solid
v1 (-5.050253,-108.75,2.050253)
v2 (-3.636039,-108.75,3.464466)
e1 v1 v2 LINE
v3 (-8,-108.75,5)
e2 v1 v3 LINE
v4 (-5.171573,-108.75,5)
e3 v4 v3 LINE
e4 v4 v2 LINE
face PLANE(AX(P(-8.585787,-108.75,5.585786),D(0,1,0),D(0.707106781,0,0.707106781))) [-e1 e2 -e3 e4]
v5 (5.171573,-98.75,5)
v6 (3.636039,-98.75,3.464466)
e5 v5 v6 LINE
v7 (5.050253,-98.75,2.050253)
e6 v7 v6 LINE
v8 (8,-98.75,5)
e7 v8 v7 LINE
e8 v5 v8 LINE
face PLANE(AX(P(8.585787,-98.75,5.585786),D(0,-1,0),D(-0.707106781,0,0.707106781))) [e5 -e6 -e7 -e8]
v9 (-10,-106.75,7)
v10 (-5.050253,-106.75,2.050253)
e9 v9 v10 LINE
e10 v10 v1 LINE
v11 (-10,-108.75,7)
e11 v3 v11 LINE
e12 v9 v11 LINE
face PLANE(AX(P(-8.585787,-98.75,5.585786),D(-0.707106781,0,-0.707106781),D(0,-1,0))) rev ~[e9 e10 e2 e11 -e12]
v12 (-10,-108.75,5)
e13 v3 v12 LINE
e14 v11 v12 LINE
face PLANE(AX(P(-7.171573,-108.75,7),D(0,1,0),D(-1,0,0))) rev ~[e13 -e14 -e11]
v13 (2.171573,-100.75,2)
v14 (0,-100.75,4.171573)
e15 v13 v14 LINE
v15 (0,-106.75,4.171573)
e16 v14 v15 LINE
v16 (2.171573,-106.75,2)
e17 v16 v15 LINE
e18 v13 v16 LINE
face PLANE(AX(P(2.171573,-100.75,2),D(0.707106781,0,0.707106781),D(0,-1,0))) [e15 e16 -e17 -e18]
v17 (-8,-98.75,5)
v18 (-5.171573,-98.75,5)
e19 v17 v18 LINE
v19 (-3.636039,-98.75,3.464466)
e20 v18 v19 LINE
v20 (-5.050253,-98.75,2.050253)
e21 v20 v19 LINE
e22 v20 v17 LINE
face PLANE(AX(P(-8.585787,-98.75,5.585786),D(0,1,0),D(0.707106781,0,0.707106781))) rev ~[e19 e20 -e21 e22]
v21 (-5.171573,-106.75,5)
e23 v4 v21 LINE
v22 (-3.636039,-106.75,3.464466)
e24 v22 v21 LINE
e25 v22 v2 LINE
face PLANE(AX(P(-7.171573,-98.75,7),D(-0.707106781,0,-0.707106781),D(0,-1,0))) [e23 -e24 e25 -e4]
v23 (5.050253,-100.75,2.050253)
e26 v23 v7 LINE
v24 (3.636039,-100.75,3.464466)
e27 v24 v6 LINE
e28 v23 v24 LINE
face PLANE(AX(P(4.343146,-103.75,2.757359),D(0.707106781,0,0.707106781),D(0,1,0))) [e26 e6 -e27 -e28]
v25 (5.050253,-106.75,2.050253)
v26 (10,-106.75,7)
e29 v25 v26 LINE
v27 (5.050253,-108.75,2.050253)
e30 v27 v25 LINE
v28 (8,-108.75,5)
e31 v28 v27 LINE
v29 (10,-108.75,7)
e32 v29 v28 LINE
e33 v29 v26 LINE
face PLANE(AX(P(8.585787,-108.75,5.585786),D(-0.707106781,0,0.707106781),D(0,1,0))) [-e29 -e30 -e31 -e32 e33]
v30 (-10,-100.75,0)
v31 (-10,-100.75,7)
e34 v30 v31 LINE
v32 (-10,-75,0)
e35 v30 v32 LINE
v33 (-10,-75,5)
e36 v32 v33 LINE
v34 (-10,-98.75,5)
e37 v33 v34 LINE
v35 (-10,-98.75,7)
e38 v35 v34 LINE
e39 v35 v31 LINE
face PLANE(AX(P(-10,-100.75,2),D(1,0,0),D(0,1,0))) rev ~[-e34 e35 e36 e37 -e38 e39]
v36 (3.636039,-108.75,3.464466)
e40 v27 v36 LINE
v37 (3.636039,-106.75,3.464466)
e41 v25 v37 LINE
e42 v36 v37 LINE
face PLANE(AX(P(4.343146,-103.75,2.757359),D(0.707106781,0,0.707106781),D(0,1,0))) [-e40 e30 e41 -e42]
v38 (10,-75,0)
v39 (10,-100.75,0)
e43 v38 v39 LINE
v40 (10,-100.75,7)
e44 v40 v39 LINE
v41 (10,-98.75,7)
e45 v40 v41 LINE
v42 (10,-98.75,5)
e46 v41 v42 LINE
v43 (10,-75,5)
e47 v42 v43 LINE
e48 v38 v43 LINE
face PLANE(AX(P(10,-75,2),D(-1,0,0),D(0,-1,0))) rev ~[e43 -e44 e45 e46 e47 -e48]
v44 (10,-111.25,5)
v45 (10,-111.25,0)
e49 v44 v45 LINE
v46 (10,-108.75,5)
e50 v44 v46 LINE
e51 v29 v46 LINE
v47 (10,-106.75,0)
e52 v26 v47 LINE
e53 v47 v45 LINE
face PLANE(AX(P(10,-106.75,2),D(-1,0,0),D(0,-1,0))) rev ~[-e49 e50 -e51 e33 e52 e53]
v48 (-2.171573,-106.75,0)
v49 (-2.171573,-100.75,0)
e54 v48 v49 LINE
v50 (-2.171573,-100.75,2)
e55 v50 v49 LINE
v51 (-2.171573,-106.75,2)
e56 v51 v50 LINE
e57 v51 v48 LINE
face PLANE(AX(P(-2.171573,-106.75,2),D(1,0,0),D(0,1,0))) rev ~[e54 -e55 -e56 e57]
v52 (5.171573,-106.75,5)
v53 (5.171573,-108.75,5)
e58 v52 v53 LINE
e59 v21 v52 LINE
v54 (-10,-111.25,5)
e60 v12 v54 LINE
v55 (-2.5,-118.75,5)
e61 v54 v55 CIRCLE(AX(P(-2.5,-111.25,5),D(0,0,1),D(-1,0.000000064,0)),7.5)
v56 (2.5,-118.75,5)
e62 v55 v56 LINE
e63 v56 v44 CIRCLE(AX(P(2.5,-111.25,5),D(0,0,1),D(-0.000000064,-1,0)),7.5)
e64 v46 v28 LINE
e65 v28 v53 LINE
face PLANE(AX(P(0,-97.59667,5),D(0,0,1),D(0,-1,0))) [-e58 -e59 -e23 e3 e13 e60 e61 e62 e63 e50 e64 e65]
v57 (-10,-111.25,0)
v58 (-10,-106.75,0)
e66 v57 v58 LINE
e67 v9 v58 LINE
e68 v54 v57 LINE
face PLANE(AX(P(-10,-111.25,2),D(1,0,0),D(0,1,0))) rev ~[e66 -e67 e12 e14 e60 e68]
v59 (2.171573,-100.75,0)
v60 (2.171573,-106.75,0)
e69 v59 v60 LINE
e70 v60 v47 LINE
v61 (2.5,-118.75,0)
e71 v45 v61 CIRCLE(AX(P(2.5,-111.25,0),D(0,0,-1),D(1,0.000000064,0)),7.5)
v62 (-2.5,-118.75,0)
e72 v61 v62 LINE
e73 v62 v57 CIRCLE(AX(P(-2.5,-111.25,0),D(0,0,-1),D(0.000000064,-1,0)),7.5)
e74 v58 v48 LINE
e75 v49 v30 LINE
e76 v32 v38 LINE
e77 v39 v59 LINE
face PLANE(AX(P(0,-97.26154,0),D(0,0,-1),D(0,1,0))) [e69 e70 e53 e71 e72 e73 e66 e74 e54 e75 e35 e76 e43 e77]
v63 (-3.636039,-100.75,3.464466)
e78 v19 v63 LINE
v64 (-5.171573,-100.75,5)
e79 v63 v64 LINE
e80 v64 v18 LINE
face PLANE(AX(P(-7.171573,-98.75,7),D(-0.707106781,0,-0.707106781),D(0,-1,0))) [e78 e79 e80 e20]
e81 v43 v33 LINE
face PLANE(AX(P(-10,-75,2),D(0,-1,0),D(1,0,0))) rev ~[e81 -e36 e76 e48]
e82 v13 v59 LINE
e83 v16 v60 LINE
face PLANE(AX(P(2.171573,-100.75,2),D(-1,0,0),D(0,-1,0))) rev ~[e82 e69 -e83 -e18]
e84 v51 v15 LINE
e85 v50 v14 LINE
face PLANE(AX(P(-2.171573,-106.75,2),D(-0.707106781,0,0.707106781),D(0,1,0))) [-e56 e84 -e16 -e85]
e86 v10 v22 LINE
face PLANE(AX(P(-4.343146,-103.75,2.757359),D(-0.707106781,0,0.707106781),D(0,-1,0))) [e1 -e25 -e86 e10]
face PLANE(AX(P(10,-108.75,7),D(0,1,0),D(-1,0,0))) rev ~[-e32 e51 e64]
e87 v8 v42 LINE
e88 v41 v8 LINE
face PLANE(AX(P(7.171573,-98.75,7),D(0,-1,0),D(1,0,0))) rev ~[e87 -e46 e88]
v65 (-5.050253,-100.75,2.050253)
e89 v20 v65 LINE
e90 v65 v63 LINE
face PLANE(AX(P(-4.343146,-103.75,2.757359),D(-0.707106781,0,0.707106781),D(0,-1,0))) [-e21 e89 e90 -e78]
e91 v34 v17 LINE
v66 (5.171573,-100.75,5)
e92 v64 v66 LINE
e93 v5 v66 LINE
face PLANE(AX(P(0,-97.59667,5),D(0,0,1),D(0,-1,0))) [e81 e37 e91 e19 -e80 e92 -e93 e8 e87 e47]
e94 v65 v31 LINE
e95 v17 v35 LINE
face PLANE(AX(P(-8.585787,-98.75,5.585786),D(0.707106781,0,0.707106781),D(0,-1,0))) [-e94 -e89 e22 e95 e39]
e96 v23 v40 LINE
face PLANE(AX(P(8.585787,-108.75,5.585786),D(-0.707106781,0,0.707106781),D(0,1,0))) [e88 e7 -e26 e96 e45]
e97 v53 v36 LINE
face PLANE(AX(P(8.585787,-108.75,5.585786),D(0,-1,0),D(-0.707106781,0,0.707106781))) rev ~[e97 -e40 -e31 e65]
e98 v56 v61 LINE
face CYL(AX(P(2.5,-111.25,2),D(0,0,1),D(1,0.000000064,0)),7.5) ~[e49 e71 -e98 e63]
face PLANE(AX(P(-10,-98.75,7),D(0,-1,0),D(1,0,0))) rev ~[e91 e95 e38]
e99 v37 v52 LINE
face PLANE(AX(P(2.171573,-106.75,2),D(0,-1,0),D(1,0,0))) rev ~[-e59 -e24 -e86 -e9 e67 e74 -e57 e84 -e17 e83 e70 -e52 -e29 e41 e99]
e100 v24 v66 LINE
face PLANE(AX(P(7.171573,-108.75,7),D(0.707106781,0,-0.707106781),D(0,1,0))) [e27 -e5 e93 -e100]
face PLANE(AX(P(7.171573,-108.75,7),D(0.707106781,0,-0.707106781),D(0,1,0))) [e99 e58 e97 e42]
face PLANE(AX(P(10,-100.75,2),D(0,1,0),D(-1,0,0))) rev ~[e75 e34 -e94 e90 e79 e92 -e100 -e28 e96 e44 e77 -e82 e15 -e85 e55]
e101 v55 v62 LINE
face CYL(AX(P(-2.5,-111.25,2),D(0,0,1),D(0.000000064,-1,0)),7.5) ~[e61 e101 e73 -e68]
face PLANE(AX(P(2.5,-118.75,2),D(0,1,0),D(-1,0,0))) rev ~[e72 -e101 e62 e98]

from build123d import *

# Parameters (mm, degrees)
PAD337_DEPTH            = 5
POCKET353_DEPTH         = 3
POCKET353_DEPTH_BACK    = 3
SKETCH676_W             = 10
SKETCH676_H             = 2
POCKET351_DEPTH         = 5
POCKET351_DEPTH_BACK    = 2
SKETCH665_W             = 10
SKETCH665_H             = 2
POCKET359_DEPTH         = 5
POCKET359_DEPTH_BACK    = 2
POCKET359_FACE20_W      = 6
POCKET359_FACE20_H      = 5
POCKET360_DEPTH         = 5
POCKET360_FACE26_W      = 6
POCKET360_FACE26_H      = 5
POCKET355_DEPTH         = 5
PAD327_DEPTH            = 2
POCKET357_DEPTH         = 2
POCKET357_FACE66_W      = 6
POCKET357_FACE66_H      = 2.071068
POCKET346_DEPTH         = 5
POCKET346_FACE38_W      = 6
POCKET346_FACE38_H      = 2.071068
POCKET341_DEPTH         = 5
BODY212_PLACEMENT_ANGLE = 180


with BuildPart() as part:
    # Sketch668 → Pad337 (new body)
    with BuildSketch(Plane.XY):
        with BuildLine():
            Line((-10, -28.75), (10, -28.75))
            Line((10, -28.75), (10, 7.5))
            ThreePointArc((10, 7.5), (7.803301, 12.803301), (2.5, 15))
            Line((2.5, 15), (-2.5, 15))
            ThreePointArc((-2.5, 15), (-7.803301, 12.803301), (-10, 7.5))
            Line((-10, 7.5), (-10, -28.75))
        make_face()
    extrude(amount=PAD337_DEPTH)

    # Sketch672 → Pocket353 (cut, two sides)
    with BuildSketch(Plane.XZ) as pocket353_sk:
        Polygon((-10, 0), (-10, 5), (-8.585786, 6.414214), (-2.171573, 0), (-5, 0), align=None)
        Polygon((10, 0), (10, 5), (8.585786, 6.414214), (2.171573, 0), (5, 0), align=None)
    extrude(amount=-POCKET353_DEPTH, mode=Mode.SUBTRACT)
    extrude(pocket353_sk.sketch, amount=POCKET353_DEPTH_BACK, mode=Mode.SUBTRACT)

    # Sketch676 (on DatumPlane) → Pocket351 (cut, two sides)
    with BuildSketch(Plane(origin=(-7.171573, 3, 5), x_dir=(0, -1, 0), z_dir=(-0.707107, 0, 0.707107))) as pocket351_sk:
        with Locations((3, -1)):
            Rectangle(SKETCH676_W, SKETCH676_H)
    extrude(amount=-POCKET351_DEPTH, mode=Mode.SUBTRACT)
    extrude(pocket351_sk.sketch, amount=POCKET351_DEPTH_BACK, mode=Mode.SUBTRACT)

    # Sketch665 (on DatumPlane) → Pocket359 (cut, two sides)
    with BuildSketch(Plane(origin=(7.171573, 3, 5), x_dir=(0, 1, 0), z_dir=(0.707107, 0, 0.707107))) as pocket359_sk:
        with Locations((-3, -1)):
            Rectangle(SKETCH665_W, SKETCH665_H)
    extrude(amount=-POCKET359_DEPTH, mode=Mode.SUBTRACT)
    extrude(pocket359_sk.sketch, amount=POCKET359_DEPTH_BACK, mode=Mode.SUBTRACT)

    # Pocket359 Face20 → Pocket360 (cut)
    with BuildSketch(Plane(origin=(-5.403806, 0, 3.232233), x_dir=(0, 1, 0), z_dir=(-0.707107, 0, -0.707107))):
        Rectangle(POCKET359_FACE20_W, POCKET359_FACE20_H)
    extrude(amount=-POCKET360_DEPTH, mode=Mode.SUBTRACT)

    # Pocket360 Face26 → Pocket355 (cut)
    with BuildSketch(Plane(origin=(5.403806, 0, 3.232233), x_dir=(0, -1, 0), z_dir=(0.707107, 0, -0.707107))):
        Rectangle(POCKET360_FACE26_W, POCKET360_FACE26_H)
    extrude(amount=-POCKET355_DEPTH, mode=Mode.SUBTRACT)

    # Pocket355 Face4 → Pad327 (add)
    with BuildSketch(Plane(origin=(0, -8.372552, 0), x_dir=(0, -1, 0), z_dir=(0, 0, -1))):
        with BuildLine():
            Line((20.377448, 10), (-5.372552, 10))
            Line((-5.372552, 10), (-5.372552, 5))
            Line((-5.372552, 5), (-5.372552, 2.171573))
            Line((-5.372552, 2.171573), (-11.372552, 2.171573))
            Line((-11.372552, 2.171573), (-11.372552, 5))
            Line((-11.372552, 5), (-11.372552, 10))
            Line((-11.372552, 10), (-15.872552, 10))
            ThreePointArc((-15.872552, 10), (-21.175853, 7.803301), (-23.372552, 2.5))
            Line((-23.372552, 2.5), (-23.372552, -2.5))
            ThreePointArc((-23.372552, -2.5), (-21.175853, -7.803301), (-15.872552, -10))
            Line((-15.872552, -10), (-11.372552, -10))
            Line((-11.372552, -10), (-11.372552, -5))
            Line((-11.372552, -5), (-11.372552, -2.171573))
            Line((-11.372552, -2.171573), (-5.372552, -2.171573))
            Line((-5.372552, -2.171573), (-5.372552, -5))
            Line((-5.372552, -5), (-5.372552, -10))
            Line((-5.372552, -10), (20.377448, -10))
            Line((20.377448, -10), (20.377448, 10))
        make_face()
    extrude(amount=PAD327_DEPTH)

    # Pad327 Face5 → Pocket357 (cut)
    with BuildSketch(Plane(origin=(0, -8.9329, 5), x_dir=(0, 1, 0), z_dir=(0, 0, 1))):
        with BuildLine():
            Line((11.9329, 0.100505), (5.9329, 0.100505))
            Line((5.9329, 0.100505), (5.9329, 7.171573))
            Line((5.9329, 7.171573), (3.9329, 7.171573))
            Line((3.9329, 7.171573), (3.9329, 10))
            Line((3.9329, 10), (-19.8171, 10))
            Line((-19.8171, 10), (-19.8171, -10))
            Line((-19.8171, -10), (3.9329, -10))
            Line((3.9329, -10), (3.9329, -7.171573))
            Line((3.9329, -7.171573), (5.9329, -7.171573))
            Line((5.9329, -7.171573), (5.9329, -0.100505))
            Line((5.9329, -0.100505), (11.9329, -0.100505))
            Line((11.9329, -0.100505), (11.9329, -7.171573))
            Line((11.9329, -7.171573), (13.9329, -7.171573))
            Line((13.9329, -7.171573), (13.9329, -10))
            Line((13.9329, -10), (16.4329, -10))
            ThreePointArc((16.4329, -10), (21.736201, -7.803301), (23.9329, -2.5))
            Line((23.9329, -2.5), (23.9329, 2.5))
            ThreePointArc((23.9329, 2.5), (21.736201, 7.803301), (16.4329, 10))
            Line((16.4329, 10), (13.9329, 10))
            Line((13.9329, 10), (13.9329, 7.171573))
            Line((13.9329, 7.171573), (11.9329, 7.171573))
            Line((11.9329, 7.171573), (11.9329, 0.100505))
        make_face()
    extrude(amount=-POCKET357_DEPTH, mode=Mode.SUBTRACT)

    # Pocket357 Face66 → Pocket346 (cut)
    with BuildSketch(Plane(origin=(-2.903806, 0, 0.732233), x_dir=(0, 1, 0), z_dir=(-0.707107, 0, -0.707107))):
        Rectangle(POCKET357_FACE66_W, POCKET357_FACE66_H)
    extrude(amount=-POCKET346_DEPTH, mode=Mode.SUBTRACT)

    # Pocket346 Face38 → Pocket341 (cut)
    with BuildSketch(Plane(origin=(2.903806, 0, 0.732233), x_dir=(0, -1, 0), z_dir=(0.707107, 0, -0.707107))):
        Rectangle(POCKET346_FACE38_W, POCKET346_FACE38_H)
    extrude(amount=-POCKET341_DEPTH, mode=Mode.SUBTRACT)


with BuildPart() as part_1:
    # Body212 placement: moved
    add(part.part.moved(Location((0, -103.75, 2))).rotate(Axis((0, -103.75, 2), (0, 0, 1)), BODY212_PLACEMENT_ANGLE))


solid = part_1.part
